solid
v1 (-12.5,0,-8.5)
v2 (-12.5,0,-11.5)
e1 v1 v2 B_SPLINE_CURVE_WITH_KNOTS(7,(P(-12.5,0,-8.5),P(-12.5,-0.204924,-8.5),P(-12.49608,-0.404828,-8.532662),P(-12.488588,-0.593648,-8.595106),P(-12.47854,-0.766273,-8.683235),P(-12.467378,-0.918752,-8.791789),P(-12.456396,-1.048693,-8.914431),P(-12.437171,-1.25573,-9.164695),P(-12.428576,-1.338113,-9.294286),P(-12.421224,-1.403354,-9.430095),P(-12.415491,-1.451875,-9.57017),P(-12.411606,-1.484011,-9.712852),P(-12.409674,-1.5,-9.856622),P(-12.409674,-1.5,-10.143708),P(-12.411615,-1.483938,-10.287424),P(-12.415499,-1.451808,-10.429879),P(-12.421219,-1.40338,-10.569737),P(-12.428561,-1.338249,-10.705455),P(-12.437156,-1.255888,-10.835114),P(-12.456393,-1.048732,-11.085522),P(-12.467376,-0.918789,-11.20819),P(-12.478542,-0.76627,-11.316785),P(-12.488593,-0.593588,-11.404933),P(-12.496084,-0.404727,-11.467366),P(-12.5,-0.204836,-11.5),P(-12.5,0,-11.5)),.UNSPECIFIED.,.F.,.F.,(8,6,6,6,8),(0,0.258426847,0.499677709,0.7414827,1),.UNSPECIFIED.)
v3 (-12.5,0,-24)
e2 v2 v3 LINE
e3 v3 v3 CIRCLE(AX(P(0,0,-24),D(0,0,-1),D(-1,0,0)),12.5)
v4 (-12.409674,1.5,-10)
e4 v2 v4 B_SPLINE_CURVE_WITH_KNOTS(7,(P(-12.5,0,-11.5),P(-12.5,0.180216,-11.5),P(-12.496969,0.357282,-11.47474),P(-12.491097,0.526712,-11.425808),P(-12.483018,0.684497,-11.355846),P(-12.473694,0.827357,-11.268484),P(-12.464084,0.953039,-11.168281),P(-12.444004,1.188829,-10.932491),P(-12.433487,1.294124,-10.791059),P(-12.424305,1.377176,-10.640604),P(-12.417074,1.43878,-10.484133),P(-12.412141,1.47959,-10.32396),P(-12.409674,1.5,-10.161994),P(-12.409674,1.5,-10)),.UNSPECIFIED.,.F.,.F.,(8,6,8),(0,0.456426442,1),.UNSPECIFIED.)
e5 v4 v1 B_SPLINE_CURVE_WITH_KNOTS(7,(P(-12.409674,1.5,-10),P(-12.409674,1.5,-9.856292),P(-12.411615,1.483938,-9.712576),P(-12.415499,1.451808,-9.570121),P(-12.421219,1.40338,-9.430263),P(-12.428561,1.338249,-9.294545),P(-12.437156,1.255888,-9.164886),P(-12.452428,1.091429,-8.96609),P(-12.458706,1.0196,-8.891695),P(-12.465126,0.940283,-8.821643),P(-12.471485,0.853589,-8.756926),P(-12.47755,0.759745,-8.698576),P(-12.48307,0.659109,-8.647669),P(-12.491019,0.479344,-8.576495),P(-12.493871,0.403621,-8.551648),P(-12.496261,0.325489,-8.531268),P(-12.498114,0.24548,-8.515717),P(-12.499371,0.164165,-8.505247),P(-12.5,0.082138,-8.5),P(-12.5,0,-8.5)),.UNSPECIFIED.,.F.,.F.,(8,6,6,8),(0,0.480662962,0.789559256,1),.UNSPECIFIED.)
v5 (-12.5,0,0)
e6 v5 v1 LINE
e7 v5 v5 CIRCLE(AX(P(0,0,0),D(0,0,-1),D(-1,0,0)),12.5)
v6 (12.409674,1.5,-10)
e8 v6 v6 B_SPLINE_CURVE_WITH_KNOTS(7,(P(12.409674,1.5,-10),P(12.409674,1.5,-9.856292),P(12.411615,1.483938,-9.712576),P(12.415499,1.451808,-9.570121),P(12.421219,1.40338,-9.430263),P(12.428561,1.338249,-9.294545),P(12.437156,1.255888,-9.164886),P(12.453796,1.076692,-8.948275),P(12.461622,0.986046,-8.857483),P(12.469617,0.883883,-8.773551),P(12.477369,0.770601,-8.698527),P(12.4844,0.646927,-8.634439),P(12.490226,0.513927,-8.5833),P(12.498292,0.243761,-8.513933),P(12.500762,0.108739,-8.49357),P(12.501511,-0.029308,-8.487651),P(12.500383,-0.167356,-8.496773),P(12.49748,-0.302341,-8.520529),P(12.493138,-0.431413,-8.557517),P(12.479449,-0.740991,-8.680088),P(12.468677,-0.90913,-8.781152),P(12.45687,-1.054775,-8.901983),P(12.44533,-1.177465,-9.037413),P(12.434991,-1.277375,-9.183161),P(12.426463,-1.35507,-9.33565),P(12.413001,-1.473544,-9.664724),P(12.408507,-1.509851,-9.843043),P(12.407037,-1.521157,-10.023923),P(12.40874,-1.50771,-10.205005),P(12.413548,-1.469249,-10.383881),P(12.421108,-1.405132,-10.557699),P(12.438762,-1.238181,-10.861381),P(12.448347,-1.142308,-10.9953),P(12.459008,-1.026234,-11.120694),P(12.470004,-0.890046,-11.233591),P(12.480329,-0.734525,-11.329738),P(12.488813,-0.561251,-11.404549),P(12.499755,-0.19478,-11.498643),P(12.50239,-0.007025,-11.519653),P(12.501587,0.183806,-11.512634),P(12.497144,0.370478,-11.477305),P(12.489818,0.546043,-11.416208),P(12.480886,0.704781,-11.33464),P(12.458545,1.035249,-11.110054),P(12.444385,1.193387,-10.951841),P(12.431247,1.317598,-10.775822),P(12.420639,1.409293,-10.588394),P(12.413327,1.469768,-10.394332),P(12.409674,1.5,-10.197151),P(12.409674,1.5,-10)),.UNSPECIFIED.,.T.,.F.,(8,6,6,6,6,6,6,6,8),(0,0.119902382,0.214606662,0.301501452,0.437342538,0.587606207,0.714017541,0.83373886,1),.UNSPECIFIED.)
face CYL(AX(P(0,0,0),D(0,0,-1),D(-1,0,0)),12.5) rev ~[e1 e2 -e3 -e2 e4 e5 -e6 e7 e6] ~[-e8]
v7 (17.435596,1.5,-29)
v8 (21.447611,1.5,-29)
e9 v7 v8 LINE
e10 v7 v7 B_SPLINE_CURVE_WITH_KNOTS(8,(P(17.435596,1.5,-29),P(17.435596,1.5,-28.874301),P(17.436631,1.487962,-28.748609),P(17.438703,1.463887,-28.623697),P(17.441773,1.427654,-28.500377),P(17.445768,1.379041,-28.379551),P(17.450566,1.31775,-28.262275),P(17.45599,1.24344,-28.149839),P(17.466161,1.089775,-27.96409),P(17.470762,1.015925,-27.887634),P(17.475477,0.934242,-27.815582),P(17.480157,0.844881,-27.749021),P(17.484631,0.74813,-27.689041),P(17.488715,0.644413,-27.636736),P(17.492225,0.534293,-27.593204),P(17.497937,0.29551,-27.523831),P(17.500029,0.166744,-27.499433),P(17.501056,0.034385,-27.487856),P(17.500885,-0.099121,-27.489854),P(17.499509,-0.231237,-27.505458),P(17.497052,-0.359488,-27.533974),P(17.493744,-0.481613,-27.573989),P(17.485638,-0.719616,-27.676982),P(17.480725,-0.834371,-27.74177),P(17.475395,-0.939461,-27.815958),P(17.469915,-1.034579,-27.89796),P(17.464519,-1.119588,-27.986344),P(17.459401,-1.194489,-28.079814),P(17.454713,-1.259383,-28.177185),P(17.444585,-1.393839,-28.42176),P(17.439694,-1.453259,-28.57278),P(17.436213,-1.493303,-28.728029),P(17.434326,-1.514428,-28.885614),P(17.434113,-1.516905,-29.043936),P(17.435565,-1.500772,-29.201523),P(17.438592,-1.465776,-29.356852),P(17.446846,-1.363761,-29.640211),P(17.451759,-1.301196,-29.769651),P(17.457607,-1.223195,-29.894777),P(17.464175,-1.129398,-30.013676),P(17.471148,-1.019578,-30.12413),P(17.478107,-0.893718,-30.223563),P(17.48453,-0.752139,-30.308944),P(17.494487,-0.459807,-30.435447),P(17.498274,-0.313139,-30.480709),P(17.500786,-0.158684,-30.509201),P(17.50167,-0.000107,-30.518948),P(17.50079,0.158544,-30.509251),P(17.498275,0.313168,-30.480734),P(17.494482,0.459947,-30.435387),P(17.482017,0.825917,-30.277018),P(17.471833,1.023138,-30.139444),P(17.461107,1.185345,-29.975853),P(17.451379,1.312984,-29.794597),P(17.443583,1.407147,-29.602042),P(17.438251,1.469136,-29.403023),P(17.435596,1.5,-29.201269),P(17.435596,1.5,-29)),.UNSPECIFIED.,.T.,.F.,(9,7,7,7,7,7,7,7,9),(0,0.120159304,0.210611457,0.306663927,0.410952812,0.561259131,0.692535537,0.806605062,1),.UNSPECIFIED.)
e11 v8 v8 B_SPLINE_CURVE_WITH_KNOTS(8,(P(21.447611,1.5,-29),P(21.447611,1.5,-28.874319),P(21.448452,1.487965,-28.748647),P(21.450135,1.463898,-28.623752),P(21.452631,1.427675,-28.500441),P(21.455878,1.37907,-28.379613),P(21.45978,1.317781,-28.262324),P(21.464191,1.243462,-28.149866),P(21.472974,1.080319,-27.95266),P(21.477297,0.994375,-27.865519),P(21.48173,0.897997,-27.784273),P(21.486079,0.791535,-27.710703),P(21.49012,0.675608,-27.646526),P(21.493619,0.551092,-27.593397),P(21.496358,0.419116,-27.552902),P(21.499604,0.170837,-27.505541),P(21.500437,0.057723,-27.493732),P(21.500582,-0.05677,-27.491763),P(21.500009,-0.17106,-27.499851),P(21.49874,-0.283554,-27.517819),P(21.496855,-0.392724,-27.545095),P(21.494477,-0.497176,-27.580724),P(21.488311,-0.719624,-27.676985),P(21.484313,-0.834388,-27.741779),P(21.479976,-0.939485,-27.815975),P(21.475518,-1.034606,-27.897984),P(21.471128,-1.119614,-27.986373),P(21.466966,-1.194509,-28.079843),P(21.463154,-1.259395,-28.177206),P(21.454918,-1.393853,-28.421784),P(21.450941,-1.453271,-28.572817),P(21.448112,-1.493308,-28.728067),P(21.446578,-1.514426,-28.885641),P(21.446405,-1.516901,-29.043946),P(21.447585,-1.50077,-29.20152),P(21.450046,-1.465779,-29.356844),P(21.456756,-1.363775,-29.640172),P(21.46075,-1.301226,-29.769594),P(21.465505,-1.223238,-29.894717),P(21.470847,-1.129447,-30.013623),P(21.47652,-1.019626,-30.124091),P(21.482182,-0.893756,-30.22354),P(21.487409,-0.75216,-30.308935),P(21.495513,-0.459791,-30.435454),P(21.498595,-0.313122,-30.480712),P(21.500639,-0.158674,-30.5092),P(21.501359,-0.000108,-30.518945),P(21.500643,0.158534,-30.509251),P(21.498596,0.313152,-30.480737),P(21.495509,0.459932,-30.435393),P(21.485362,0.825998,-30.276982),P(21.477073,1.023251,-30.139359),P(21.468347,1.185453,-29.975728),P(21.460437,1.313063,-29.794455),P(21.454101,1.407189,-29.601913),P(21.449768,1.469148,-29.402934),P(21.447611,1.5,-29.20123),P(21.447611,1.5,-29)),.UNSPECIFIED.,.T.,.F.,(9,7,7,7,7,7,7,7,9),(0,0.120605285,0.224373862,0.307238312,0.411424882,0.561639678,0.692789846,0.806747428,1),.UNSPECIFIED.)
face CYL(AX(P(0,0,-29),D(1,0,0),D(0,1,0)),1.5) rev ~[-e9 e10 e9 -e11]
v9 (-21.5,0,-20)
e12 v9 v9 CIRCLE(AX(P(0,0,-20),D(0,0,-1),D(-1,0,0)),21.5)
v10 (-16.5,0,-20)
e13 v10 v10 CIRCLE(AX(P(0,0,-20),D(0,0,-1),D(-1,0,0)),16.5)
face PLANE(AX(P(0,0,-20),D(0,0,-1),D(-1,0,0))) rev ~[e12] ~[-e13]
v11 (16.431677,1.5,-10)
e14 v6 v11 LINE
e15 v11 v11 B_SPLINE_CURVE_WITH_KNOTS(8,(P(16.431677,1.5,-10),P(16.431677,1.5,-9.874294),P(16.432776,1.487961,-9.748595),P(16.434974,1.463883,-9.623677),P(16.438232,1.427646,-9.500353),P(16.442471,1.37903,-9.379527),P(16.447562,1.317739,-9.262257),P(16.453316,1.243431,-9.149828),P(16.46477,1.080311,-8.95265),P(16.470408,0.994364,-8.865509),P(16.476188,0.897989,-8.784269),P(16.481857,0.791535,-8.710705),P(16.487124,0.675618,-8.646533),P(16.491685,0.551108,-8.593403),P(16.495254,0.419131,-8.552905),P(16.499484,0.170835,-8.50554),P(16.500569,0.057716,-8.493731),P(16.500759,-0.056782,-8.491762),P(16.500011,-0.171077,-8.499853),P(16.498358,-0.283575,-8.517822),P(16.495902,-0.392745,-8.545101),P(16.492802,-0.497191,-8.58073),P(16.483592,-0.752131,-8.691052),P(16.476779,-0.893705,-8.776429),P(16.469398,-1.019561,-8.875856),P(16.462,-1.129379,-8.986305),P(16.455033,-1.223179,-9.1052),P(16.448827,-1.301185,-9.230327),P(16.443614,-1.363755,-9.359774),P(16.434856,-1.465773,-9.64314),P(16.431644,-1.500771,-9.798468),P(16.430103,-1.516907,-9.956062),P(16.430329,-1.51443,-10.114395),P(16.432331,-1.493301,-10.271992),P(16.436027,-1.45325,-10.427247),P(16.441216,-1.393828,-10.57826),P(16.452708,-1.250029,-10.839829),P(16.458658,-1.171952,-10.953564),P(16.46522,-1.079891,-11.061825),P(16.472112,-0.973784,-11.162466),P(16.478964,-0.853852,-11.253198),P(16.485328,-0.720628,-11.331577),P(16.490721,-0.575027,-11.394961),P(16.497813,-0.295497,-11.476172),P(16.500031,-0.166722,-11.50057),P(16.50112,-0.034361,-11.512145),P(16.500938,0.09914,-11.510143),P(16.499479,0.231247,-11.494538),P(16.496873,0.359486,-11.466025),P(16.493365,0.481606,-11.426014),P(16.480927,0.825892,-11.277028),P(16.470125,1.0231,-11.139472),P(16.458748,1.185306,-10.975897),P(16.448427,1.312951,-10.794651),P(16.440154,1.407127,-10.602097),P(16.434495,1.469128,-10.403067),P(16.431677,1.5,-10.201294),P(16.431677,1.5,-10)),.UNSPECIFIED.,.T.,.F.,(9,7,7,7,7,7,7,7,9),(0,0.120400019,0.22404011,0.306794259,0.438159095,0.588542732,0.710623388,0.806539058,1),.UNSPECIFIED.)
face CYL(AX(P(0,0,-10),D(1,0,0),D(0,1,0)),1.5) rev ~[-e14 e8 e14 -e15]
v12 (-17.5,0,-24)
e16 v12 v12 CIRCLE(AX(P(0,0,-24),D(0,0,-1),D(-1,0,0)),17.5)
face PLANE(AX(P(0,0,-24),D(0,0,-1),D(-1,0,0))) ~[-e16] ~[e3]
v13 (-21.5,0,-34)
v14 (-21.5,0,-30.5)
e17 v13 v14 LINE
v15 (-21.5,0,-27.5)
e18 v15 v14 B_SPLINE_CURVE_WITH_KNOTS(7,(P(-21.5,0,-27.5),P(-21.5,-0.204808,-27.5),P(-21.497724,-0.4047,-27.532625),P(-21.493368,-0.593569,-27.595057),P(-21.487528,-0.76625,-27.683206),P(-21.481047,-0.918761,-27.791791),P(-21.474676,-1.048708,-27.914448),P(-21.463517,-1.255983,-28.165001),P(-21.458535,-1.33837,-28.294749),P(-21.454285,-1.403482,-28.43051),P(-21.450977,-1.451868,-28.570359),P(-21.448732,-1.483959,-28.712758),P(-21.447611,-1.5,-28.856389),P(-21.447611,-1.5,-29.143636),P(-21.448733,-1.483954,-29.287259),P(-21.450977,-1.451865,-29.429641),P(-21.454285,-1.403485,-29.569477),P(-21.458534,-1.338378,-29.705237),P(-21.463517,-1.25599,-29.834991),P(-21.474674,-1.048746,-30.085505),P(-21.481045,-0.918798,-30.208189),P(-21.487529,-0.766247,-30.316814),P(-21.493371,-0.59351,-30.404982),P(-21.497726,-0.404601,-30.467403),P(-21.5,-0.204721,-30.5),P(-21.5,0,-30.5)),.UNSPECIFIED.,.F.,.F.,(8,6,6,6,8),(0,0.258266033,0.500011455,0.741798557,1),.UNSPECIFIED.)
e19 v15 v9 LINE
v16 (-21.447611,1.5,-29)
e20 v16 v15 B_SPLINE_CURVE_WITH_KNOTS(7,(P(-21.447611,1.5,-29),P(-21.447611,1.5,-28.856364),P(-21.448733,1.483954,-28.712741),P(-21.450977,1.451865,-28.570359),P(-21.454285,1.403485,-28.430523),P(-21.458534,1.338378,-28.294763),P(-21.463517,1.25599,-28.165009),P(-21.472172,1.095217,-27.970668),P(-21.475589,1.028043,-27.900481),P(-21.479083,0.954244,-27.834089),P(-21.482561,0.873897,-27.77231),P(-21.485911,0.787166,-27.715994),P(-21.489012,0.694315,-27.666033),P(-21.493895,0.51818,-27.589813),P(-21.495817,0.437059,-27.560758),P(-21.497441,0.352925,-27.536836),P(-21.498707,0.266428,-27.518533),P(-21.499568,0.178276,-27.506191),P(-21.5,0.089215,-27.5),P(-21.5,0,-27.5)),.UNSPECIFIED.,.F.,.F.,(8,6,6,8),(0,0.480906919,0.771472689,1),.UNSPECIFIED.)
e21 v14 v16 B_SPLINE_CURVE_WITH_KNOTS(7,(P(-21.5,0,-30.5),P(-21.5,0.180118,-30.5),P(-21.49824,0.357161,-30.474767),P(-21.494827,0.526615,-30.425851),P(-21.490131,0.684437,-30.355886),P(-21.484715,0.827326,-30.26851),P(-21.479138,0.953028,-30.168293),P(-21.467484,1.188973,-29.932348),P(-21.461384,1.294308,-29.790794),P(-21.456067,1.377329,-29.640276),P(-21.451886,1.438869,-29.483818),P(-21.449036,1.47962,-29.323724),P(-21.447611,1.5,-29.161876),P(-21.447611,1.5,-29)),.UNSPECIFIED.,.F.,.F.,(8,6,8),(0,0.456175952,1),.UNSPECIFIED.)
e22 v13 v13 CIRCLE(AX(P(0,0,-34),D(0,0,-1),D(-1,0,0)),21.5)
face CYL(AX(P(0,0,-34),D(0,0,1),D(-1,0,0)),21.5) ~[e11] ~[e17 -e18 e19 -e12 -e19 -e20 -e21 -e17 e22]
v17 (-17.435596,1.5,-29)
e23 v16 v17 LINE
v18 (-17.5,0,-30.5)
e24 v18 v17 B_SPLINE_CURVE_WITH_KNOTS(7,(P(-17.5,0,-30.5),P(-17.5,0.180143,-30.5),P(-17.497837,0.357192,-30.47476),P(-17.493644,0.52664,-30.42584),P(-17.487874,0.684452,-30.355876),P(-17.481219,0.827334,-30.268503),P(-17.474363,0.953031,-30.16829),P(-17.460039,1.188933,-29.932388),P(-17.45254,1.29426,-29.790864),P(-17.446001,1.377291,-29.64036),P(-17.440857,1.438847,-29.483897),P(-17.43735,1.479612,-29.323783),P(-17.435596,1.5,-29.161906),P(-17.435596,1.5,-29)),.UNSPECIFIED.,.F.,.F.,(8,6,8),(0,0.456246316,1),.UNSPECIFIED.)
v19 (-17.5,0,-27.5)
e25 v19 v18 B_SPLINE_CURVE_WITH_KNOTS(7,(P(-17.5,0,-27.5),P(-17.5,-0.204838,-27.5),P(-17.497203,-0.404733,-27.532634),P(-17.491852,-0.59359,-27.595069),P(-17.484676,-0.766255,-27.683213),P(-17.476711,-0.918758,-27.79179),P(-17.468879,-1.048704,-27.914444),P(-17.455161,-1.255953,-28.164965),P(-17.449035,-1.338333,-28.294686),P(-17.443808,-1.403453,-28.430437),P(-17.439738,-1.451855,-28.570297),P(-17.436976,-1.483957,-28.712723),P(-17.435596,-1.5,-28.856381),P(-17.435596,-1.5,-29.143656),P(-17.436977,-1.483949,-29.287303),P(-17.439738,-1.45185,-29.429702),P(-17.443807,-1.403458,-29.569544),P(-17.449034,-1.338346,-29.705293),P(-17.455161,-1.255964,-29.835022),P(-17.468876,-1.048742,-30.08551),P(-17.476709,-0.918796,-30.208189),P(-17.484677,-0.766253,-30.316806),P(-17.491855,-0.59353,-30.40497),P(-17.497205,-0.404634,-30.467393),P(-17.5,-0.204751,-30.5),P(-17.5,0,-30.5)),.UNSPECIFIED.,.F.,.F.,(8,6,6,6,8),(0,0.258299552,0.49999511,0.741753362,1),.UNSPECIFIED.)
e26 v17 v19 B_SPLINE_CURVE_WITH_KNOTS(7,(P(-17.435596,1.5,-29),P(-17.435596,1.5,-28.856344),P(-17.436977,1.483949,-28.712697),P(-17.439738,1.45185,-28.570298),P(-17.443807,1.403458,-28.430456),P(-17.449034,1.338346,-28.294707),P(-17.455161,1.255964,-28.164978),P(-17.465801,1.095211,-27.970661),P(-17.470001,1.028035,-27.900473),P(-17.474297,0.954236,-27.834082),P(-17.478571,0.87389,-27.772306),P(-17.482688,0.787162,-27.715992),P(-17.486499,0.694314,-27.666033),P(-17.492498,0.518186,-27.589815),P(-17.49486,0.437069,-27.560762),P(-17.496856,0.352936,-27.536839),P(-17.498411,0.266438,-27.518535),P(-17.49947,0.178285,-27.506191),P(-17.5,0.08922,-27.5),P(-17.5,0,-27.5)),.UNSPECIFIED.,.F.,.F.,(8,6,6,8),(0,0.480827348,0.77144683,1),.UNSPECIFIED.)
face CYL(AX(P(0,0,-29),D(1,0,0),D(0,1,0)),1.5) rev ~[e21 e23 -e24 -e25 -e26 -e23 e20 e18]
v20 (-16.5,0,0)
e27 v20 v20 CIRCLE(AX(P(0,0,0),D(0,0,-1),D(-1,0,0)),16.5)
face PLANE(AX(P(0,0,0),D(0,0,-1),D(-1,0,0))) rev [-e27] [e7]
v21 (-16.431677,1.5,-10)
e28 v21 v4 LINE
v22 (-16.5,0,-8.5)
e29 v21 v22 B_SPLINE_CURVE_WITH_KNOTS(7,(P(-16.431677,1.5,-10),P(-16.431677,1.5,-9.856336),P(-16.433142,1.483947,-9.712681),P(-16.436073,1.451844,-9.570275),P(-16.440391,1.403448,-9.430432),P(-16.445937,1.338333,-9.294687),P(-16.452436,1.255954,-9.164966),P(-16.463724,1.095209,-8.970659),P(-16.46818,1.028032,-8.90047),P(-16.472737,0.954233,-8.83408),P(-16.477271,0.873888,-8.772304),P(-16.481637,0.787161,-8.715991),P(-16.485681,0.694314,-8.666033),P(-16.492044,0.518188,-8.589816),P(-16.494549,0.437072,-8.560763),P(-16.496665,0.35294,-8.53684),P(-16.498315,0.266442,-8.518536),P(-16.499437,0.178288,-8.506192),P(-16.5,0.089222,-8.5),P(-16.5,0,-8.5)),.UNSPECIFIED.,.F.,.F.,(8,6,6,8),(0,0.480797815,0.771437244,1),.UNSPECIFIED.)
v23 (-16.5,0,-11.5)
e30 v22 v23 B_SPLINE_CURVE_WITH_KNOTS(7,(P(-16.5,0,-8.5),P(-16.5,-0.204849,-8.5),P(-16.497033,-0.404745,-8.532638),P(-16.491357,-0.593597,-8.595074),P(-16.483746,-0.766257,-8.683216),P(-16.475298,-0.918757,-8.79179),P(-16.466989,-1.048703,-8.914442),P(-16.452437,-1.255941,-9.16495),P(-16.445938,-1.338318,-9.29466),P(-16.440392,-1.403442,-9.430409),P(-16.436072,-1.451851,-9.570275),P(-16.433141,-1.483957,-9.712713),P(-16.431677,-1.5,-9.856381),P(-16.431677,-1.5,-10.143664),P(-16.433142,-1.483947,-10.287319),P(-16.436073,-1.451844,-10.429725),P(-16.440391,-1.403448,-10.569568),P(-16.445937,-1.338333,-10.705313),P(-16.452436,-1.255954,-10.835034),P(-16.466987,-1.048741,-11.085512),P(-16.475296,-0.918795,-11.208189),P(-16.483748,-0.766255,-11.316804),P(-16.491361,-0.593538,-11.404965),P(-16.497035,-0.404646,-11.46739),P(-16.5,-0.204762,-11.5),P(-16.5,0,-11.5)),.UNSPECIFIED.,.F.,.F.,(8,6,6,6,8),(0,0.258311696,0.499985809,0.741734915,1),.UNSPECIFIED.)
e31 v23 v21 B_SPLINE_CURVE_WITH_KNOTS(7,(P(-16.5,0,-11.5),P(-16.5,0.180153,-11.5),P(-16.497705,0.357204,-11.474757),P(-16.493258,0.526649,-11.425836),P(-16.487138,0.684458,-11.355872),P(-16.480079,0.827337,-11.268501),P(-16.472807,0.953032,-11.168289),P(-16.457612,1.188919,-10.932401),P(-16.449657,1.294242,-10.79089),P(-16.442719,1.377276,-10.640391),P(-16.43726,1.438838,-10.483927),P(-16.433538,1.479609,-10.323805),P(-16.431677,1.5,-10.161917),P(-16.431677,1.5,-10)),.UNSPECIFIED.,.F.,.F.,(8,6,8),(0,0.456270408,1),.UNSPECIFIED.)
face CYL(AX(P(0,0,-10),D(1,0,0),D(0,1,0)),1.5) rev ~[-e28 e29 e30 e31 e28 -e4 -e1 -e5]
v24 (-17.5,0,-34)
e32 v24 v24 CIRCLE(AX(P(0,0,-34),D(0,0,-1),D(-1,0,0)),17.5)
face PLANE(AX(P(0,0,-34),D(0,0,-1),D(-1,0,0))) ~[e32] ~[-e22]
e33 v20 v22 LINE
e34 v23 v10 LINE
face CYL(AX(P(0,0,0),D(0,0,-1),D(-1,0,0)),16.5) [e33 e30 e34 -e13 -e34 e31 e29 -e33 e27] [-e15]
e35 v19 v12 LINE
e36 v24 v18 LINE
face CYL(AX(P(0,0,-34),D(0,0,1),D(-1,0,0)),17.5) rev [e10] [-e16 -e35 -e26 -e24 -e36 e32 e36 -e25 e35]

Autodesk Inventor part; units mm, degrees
ref_plane "YZ Plane" through (0, 0, 0) normal (1, 0, 0) x (0, 1, 0)
ref_plane "XZ Plane" through (0, 0, 0) normal (0, 1, 0) x (-1, 0, 0)
ref_plane "XY Plane" through (0, 0, 0) normal (0, 0, 1) x (1, 0, 0)
sketch "Эскиз1" plane through (0, 0, 0) normal (0, 1, 0) x (-1, 0, 0)
  line L0 (0, 0) -> (12.5, 0)
  line L1 (12.5, 0) -> (16.5, 0)
  line L2 (16.5, 0) -> (16.5, -24)
  line L3 (12.5, 0) -> (12.5, -24)
  line L4 (12.5, -24) -> (16.5, -24)
  line L5 (12.5, -24) -> (0, -24)
  line L6 (0, -24) -> (0, -34)
  line L7 (0, -34) -> (17.5, -34)
  line L8 (17.5, -34) -> (17.5, -24)
  line L9 (17.5, -24) -> (16.5, -24)
  line L10 (17.5, -34) -> (21.5, -34)
  line L11 (21.5, -34) -> (21.5, -20)
  line L12 (21.5, -20) -> (16.5, -20)
  dimension "d0" = 12.5
  dimension "d1" = 4
  dimension "d2" = 24
  dimension "d3" = 10
  dimension "d4" = 17.5
  dimension "d5" = 4
  dimension "d6" = 14
revolve "Вращение1" add sketch "Эскиз1" angle 360 about axis through (0, 0, -24) along (0, 0, -1) contours L1 L2 L4 L3 | L12 L11 L10 L8 L9 L2
sketch "Эскиз2" plane through (0, 0, 0) normal (1, 0, 0) x (0, 1, 0)
  line L0 (0, 0) -> (0, -10)
  line L1 (-17.5, -34) -> (17.5, -34) projected
  line L2 (0, -34) -> (0, -24)
  line L3 (0, -24) -> (0, -29)
  circle A0 centre (0, -10) radius 1.5
  circle A1 centre (0, -29) radius 1.5
  dimension "d8" = 10
  dimension "d9" = 10
  dimension "d10" = 5
  dimension "d11" = 3
  dimension "d12" = 3
extrude "Выдавливание1" cut sketch "Эскиз2" along normal blind 29.75 and the other way blind 30.75
thread "Резьба1" size "M3x0.5" class "6H" standard "ANSI Metric M Profile" full length
thread "Резьба2" size "M3x0.5" class "6H" standard "ANSI Metric M Profile" full length
properties part number "17701729.303511.017"
